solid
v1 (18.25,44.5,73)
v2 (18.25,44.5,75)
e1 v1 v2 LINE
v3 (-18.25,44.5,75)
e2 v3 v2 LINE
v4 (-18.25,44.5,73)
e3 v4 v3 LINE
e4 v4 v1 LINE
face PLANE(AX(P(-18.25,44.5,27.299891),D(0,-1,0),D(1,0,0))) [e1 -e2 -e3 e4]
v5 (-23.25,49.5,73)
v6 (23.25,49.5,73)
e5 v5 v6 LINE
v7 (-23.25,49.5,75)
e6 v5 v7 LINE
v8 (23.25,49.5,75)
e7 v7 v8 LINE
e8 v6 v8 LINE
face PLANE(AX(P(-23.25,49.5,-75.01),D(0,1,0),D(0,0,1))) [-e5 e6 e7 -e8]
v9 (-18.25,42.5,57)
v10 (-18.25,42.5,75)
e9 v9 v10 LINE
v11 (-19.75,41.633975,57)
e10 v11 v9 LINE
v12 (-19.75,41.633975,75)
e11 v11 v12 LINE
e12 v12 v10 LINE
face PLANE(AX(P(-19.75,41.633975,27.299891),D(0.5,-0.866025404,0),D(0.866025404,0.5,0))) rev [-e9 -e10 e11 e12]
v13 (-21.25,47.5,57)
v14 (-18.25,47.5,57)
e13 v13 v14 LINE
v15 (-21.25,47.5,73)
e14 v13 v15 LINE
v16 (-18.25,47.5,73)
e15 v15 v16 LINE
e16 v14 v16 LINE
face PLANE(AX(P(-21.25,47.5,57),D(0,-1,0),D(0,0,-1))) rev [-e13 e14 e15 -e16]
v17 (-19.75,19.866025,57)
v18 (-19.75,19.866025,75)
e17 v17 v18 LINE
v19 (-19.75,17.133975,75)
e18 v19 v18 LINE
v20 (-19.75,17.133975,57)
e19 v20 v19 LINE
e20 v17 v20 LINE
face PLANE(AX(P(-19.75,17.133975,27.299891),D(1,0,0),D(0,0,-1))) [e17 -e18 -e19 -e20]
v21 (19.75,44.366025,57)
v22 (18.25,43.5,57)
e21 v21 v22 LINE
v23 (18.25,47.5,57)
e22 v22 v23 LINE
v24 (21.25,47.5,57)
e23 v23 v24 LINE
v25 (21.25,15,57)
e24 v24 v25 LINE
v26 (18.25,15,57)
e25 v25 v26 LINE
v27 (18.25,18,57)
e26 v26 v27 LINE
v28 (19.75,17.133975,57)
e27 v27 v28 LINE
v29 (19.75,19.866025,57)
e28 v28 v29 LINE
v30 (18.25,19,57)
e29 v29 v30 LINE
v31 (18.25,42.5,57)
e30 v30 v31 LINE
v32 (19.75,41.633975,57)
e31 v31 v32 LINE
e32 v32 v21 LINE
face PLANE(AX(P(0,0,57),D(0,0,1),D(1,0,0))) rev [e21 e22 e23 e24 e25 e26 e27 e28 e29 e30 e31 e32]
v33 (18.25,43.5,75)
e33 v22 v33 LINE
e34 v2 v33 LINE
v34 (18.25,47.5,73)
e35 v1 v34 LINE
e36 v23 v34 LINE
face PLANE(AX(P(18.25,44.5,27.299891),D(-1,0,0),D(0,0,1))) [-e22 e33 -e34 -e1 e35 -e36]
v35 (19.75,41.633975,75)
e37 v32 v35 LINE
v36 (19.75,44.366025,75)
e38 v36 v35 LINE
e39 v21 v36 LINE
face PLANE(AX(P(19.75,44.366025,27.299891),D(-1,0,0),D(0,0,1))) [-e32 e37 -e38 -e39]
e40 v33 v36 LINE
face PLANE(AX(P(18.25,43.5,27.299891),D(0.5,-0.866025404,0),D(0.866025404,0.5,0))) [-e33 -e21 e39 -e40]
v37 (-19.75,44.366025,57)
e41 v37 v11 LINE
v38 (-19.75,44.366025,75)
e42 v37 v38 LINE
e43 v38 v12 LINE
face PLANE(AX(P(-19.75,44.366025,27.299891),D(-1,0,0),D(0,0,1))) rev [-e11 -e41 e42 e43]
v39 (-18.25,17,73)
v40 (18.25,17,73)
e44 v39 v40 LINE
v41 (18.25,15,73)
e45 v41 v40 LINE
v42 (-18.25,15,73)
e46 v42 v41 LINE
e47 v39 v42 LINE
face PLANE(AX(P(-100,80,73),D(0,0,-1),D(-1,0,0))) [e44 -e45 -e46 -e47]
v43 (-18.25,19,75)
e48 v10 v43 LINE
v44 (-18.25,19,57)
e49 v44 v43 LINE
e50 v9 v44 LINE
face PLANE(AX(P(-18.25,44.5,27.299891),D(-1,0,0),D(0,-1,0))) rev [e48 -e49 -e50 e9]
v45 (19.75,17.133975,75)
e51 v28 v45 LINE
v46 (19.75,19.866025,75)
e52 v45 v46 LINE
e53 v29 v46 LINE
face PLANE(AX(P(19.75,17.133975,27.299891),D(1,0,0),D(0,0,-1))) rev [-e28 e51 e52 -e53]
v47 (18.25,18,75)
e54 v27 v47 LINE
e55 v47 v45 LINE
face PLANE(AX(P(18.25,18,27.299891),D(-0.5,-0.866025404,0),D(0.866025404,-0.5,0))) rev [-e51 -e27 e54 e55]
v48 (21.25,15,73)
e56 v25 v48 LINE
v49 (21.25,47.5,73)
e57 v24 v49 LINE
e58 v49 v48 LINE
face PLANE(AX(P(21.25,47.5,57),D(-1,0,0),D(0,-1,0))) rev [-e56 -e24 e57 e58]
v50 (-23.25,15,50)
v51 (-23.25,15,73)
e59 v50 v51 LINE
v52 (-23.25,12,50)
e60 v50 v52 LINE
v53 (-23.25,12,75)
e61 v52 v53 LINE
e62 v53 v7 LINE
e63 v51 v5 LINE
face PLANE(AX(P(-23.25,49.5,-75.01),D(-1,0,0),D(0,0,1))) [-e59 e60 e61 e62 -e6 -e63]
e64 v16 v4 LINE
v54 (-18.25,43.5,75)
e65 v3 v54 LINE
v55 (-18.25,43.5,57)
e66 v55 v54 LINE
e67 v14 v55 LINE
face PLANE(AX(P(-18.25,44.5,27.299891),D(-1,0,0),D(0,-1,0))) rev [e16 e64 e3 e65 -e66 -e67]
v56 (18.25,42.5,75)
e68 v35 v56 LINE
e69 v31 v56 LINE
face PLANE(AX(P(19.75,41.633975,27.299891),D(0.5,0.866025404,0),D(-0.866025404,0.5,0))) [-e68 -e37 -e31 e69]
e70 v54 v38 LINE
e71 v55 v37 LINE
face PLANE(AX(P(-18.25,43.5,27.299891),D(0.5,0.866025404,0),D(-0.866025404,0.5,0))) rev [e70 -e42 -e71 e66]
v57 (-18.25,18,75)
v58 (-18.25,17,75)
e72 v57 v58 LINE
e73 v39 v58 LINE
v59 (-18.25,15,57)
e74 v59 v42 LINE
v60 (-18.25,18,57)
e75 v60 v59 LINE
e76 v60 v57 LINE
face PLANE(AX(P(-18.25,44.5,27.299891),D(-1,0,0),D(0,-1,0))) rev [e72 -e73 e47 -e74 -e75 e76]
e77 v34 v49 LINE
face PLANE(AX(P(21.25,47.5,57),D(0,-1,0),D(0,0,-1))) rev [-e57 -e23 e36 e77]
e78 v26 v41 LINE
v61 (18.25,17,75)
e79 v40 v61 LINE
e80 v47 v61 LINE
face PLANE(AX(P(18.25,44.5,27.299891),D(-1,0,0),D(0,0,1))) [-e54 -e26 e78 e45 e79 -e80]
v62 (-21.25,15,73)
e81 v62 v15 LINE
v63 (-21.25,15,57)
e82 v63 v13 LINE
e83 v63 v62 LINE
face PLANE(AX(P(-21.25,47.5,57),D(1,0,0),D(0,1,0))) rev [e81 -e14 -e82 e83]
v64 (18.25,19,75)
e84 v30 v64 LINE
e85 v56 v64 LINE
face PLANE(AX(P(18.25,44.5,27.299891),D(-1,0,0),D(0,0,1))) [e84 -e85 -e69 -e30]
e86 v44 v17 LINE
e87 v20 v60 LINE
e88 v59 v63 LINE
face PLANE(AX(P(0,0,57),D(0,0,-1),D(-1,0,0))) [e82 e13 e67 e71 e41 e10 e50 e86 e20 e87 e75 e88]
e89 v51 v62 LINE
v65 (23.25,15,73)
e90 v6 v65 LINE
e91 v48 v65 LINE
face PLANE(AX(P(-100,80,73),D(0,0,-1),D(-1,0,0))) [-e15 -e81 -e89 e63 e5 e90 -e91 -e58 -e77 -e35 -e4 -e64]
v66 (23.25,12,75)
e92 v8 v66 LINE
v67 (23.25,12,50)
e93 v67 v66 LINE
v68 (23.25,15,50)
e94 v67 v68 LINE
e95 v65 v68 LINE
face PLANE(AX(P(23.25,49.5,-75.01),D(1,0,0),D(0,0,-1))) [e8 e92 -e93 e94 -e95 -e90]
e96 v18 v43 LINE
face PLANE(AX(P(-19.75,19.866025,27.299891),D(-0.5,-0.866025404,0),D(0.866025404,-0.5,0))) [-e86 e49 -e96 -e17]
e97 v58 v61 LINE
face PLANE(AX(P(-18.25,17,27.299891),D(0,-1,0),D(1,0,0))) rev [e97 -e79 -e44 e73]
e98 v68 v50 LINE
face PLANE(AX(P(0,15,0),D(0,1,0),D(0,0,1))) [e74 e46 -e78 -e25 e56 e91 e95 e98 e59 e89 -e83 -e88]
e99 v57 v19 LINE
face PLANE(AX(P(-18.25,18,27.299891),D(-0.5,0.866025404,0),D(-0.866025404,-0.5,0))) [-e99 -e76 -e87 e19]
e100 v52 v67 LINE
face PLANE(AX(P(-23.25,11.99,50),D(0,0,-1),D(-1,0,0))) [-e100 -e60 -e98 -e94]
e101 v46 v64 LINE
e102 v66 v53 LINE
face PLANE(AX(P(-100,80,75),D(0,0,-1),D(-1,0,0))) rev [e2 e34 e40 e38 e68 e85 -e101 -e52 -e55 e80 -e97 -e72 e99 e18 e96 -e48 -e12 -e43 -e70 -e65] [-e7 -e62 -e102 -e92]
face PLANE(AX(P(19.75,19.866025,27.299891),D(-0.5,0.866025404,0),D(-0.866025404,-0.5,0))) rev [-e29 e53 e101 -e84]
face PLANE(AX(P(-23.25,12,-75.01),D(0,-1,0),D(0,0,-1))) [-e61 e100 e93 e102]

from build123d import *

# Parameters (mm, degrees)
SKETCH2_W                = 200
SKETCH2_H                = 150
BOSS_EXTRUDE1_DEPTH      = 80
FILLET1_R                = 10
SHELL1_T                 = -2
SHELL1_THICKNESS_2_DEPTH = 13
SKETCH5_W                = 36.5
SKETCH5_H                = 27.5
CUT_EXTRUDE1_DEPTH       = 2
BOSS_EXTRUDE2_DEPTH      = 16
SKETCH7_W                = 36.5
SKETCH7_H                = 27.5
CUT_EXTRUDE2_DEPTH       = 2
BOSS_EXTRUDE3_DEPTH      = 16
SKETCH10_W               = 36.5
SKETCH10_H               = 27.5
CUT_EXTRUDE4_DEPTH       = 2
BOSS_EXTRUDE4_DEPTH      = 16
SKETCH13_W               = 38
SKETCH13_H               = 19.1
CUT_EXTRUDE5_DEPTH       = 2
BOSS_EXTRUDE5_DEPTH      = 13.5
SKETCH15_W               = 10.5
SKETCH15_H               = 9.367949192
CUT_EXTRUDE6_DEPTH       = 3
CUT_EXTRUDE8_REACH       = 150.408
SKETCH20_R               = 8
SPLIT1_SURFACE_1_BACK    = 263.488
SPLIT1_SURFACE_1_DEPTH   = 526.976
SPLIT1_SURFACE_2_BACK    = 263.488
SPLIT1_SURFACE_2_DEPTH   = 526.976
SPLIT2_SURFACE_3_BACK    = 263.488
SPLIT2_SURFACE_3_DEPTH   = 526.976
SPLIT2_SURFACE_4_BACK    = 263.488
SPLIT2_SURFACE_4_DEPTH   = 526.976


with BuildPart() as part:
    # Sketch2 → Boss-Extrude1 (new body)
    with BuildSketch(Plane(origin=(0, 0, 0), x_dir=(1, 0, 0), z_dir=(0, 1, 0))):
        Rectangle(SKETCH2_W, SKETCH2_H)
    extrude(amount=BOSS_EXTRUDE1_DEPTH)

    # Fillet1
    fillet1_edges = [part.edges().sort_by_distance(p)[0] for p in [
        (100, 40, 75),
        (-100, 40, 75),
        (-100, 40, -75),
        (100, 40, -75),
    ]]
    fillet(fillet1_edges, radius=FILLET1_R)

    # Shell1
    shell1_openings = [part.faces().sort_by_distance(p)[0] for p in [
        (0, 80, 0),
    ]]
    offset(amount=SHELL1_T, openings=shell1_openings, kind=Kind.INTERSECTION)

    # Shell1 thickness 2 face (on inner face of the shell) → Shell1 thickness 2 (add)
    with BuildSketch(Plane(origin=(0, 2, 0), x_dir=(0, 0, -1), z_dir=(0, -1, 0))):
        with BuildLine():
            ThreePointArc((73, -90), (70.656854249, -95.656854249), (65, -98))
            Line((65, -98), (-65, -98))
            ThreePointArc((-65, -98), (-70.656854249, -95.656854249), (-73, -90))
            Line((-73, -90), (-73, 90))
            ThreePointArc((-73, 90), (-70.656854249, 95.656854249), (-65, 98))
            Line((-65, 98), (65, 98))
            ThreePointArc((65, 98), (70.656854249, 95.656854249), (73, 90))
            Line((73, 90), (73, -90))
        make_face()
    extrude(amount=-SHELL1_THICKNESS_2_DEPTH)

    # Sketch5 → Cut-Extrude1 (cut)
    with BuildSketch(Plane.XY.offset(75)):
        with Locations((0, 30.75)):
            Rectangle(SKETCH5_W, SKETCH5_H)
        Polygon((-18.25, 43.5), (-19.75, 44.366025404), (-19.75, 41.633974596), (-18.25, 42.5), align=None)
        Polygon((-19.75, 19.866025404), (-18.25, 19), (-18.25, 18), (-19.75, 17.133974596), align=None)
        Polygon((19.75, 17.133974596), (19.75, 19.866025404), (18.25, 19), (18.25, 18), align=None)
        Polygon((19.75, 41.633974596), (18.25, 42.5), (18.25, 43.5), (19.75, 44.366025404), align=None)
    extrude(amount=-CUT_EXTRUDE1_DEPTH, mode=Mode.SUBTRACT)

    # Sketch6 → Boss-Extrude2 (add)
    with BuildSketch(Plane(origin=(0, 0, 73), x_dir=(-1, 0, 0), z_dir=(0, 0, -1))):
        Polygon((18.25, 15), (21.25, 15), (21.25, 47.5), (18.25, 47.5), (18.25, 43.5), (19.75, 44.366025404), (19.75, 41.633974596), (18.25, 42.5), (18.25, 19), (19.75, 19.866025404), (19.75, 17.133974596), (18.25, 18), align=None)
        Polygon((-21.25, 47.5), (-21.25, 15), (-18.25, 15), (-18.25, 18), (-19.75, 17.133974596), (-19.75, 19.866025404), (-18.25, 19), (-18.25, 42.5), (-19.75, 41.633974596), (-19.75, 44.366025404), (-18.25, 43.5), (-18.25, 47.5), align=None)
    extrude(amount=BOSS_EXTRUDE2_DEPTH)

    # Sketch7 → Cut-Extrude2 (cut)
    with BuildSketch(Plane(origin=(100, 0, 0), x_dir=(0, 0, -1), z_dir=(1, 0, 0))):
        with Locations((0, 30.75)):
            Rectangle(SKETCH7_W, SKETCH7_H)
        Polygon((-18.25, 43.5), (-19.75, 44.366025404), (-19.75, 41.633974596), (-18.25, 42.5), align=None)
        Polygon((-19.75, 19.866025404), (-18.25, 19), (-18.25, 18), (-19.75, 17.133974596), align=None)
        Polygon((19.75, 17.133974596), (19.75, 19.866025404), (18.25, 19), (18.25, 18), align=None)
        Polygon((19.75, 41.633974596), (18.25, 42.5), (18.25, 43.5), (19.75, 44.366025404), align=None)
    extrude(amount=-CUT_EXTRUDE2_DEPTH, mode=Mode.SUBTRACT)

    # Sketch8 → Boss-Extrude3 (add)
    with BuildSketch(Plane.ZY.offset(-98)):
        Polygon((-21.25, 47.5), (-18.25, 47.5), (-18.25, 43.5), (-19.75, 44.366025404), (-19.75, 41.633974596), (-18.25, 42.5), (-18.25, 19), (-19.75, 19.866025404), (-19.75, 17.133974596), (-18.25, 18), (-18.25, 15), (-21.25, 15), align=None)
        Polygon((19.75, 44.366025404), (18.25, 43.5), (18.25, 47.5), (21.25, 47.5), (21.25, 15), (18.25, 15), (18.25, 18), (19.75, 17.133974596), (19.75, 19.866025404), (18.25, 19), (18.25, 42.5), (19.75, 41.633974596), align=None)
    extrude(amount=BOSS_EXTRUDE3_DEPTH)

    # Sketch10 → Cut-Extrude4 (cut)
    with BuildSketch(Plane.ZY.offset(100)):
        with Locations((0, 30.75)):
            Rectangle(SKETCH10_W, SKETCH10_H)
        Polygon((-18.25, 43.5), (-19.75, 44.366025404), (-19.75, 41.633974596), (-18.25, 42.5), align=None)
        Polygon((-19.75, 19.866025404), (-18.25, 19), (-18.25, 18), (-19.75, 17.133974596), align=None)
        Polygon((19.75, 17.133974596), (19.75, 19.866025404), (18.25, 19), (18.25, 18), align=None)
        Polygon((19.75, 41.633974596), (18.25, 42.5), (18.25, 43.5), (19.75, 44.366025404), align=None)
    extrude(amount=-CUT_EXTRUDE4_DEPTH, mode=Mode.SUBTRACT)

    # Sketch11 → Boss-Extrude4 (add)
    with BuildSketch(Plane(origin=(-98, 0, 0), x_dir=(0, 0, -1), z_dir=(1, 0, 0))):
        Polygon((-18.25, 47.5), (-21.25, 47.5), (-21.25, 15), (-18.25, 15), (-18.25, 18), (-19.75, 17.133974596), (-19.75, 19.866025404), (-18.25, 19), (-18.25, 42.5), (-19.75, 41.633974596), (-19.75, 44.366025404), (-18.25, 43.5), align=None)
        Polygon((19.75, 44.366025404), (18.25, 43.5), (18.25, 47.5), (21.25, 47.5), (21.25, 15), (18.25, 15), (18.25, 18), (19.75, 17.133974596), (19.75, 19.866025404), (18.25, 19), (18.25, 42.5), (19.75, 41.633974596), align=None)
    extrude(amount=BOSS_EXTRUDE4_DEPTH)

    # Sketch13 → Cut-Extrude5 (cut)
    with BuildSketch(Plane.XY.offset(75)):
        Polygon((41, 39.3), (39.5, 40.166025404), (39.5, 37.433974596), (41, 38.3), align=None)
        with Locations((60, 30.75)):
            Rectangle(SKETCH13_W, SKETCH13_H)
        Polygon((41, 22.2), (39.5, 21.333974596), (39.5, 24.066025404), (41, 23.2), align=None)
        Polygon((79, 22.2), (79, 23.2), (80.5, 24.066025404), (80.5, 21.333974596), align=None)
        Polygon((79, 39.3), (80.5, 40.166025404), (80.5, 37.433974596), (79, 38.3), align=None)
    extrude(amount=-CUT_EXTRUDE5_DEPTH, mode=Mode.SUBTRACT)

    # Sketch14 → Boss-Extrude5 (add)
    with BuildSketch(Plane(origin=(0, 0, 73), x_dir=(-1, 0, 0), z_dir=(0, 0, -1))):
        Polygon((-79, 43.3), (-82, 43.3), (-82, 15), (-79, 15), (-79, 22.2), (-80.5, 21.333974596), (-80.5, 24.066025404), (-79, 23.2), (-79, 38.3), (-80.5, 37.433974596), (-80.5, 40.166025404), (-79, 39.3), align=None)
        Polygon((-39.5, 40.166025404), (-41, 39.3), (-41, 43.3), (-38, 43.3), (-38, 15), (-41, 15), (-41, 22.2), (-39.5, 21.333974596), (-39.5, 24.066025404), (-41, 23.2), (-41, 38.3), (-39.5, 37.433974596), align=None)
    extrude(amount=BOSS_EXTRUDE5_DEPTH)

    # Sketch15 → Cut-Extrude6 (cut)
    with BuildSketch(Plane.ZY.offset(-38)):
        with Locations((66.75, 30.75)):
            Rectangle(SKETCH15_W, SKETCH15_H)
    extrude(amount=-CUT_EXTRUDE6_DEPTH, mode=Mode.SUBTRACT)

    # Sketch18 → Cut-Revolve1 (revolve, cut)
    with BuildSketch(Plane(origin=(0, 0, 0), x_dir=(0, 0, -1), z_dir=(1, 0, 0)), mode=Mode.PRIVATE) as cut_revolve1_sk:
        Polygon((-42.5, 0), (-70, 0), (-47.5, 10), (-42.5, 10), align=None)
    revolve(cut_revolve1_sk.sketch.rotate(Axis((0, 0, 0), (0, 1, 0)), 180), axis=Axis((0, 0, 0), (0, 1, 0)), mode=Mode.SUBTRACT)

    # Cut-Extrude8: up to this face of the body (flat: up to its plane)
    cut_extrude8_end = Plane(part.part.faces().sort_by_distance((-0.172388952, 15, -0.411685035))[0])
    # Sketch20 → Cut-Extrude8 (cut, up to the picked face)
    with BuildSketch(Plane.XZ, mode=Mode.PRIVATE) as cut_extrude8_sk1:
        with Locations(Location((0, -42.5, 0), (0, 0, 270))):
            Circle(SKETCH20_R)
    cut_extrude8_tool1 = split(extrude(cut_extrude8_sk1.sketch, amount=-CUT_EXTRUDE8_REACH, mode=Mode.PRIVATE), bisect_by=cut_extrude8_end, keep=Keep.BOTH, mode=Mode.PRIVATE)
    add(cut_extrude8_tool1.solids().sort_by(Axis((0, 0, -42.5), (0, 1, 0)))[0], mode=Mode.SUBTRACT)


with BuildPart() as body_2:
    # Split1: the piece behind the surface
    add(part.part)
    # Split1 surface: a surface, the sketch's curves swept straight by 526.976 mm
    with BuildLine(Plane.XY.offset(75).offset(-SPLIT1_SURFACE_1_BACK), mode=Mode.PRIVATE) as split1_surface_1_path:
        Line((-23.25, 49.5), (23.25, 49.5))
        Line((23.25, 49.5), (23.25, 12))
        Line((23.25, 12), (-23.25, 12))
        Line((-23.25, 12), (-23.25, 49.5))
    split1_surface_1 = Shell.extrude(split1_surface_1_path.wire(), (0 * SPLIT1_SURFACE_1_DEPTH, 0 * SPLIT1_SURFACE_1_DEPTH, 1 * SPLIT1_SURFACE_1_DEPTH))
    split(bisect_by=split1_surface_1, keep=Keep.BOTTOM)


with BuildPart() as part_1:
    add(part.part)

    # Split1: split by a surface, the side it looks to stays
    # Split1 surface: a surface, the sketch's curves swept straight by 526.976 mm
    with BuildLine(Plane.XY.offset(75).offset(-SPLIT1_SURFACE_2_BACK), mode=Mode.PRIVATE) as split1_surface_2_path:
        Line((-23.25, 49.5), (23.25, 49.5))
        Line((23.25, 49.5), (23.25, 12))
        Line((23.25, 12), (-23.25, 12))
        Line((-23.25, 12), (-23.25, 49.5))
    split1_surface_2 = Shell.extrude(split1_surface_2_path.wire(), (0 * SPLIT1_SURFACE_2_DEPTH, 0 * SPLIT1_SURFACE_2_DEPTH, 1 * SPLIT1_SURFACE_2_DEPTH))
    split(bisect_by=split1_surface_2, keep=Keep.TOP)


with BuildPart() as body_3:
    # Split2: the piece behind the surface
    add(body_2.part)
    # Split2 surface: a surface, the sketch's curves swept straight by 526.976 mm
    with BuildLine(Plane(origin=(0, 15, 0), x_dir=(1, 0, 0), z_dir=(0, 1, 0)).offset(-SPLIT2_SURFACE_3_BACK), mode=Mode.PRIVATE) as split2_surface_3_path:
        Line((-23.25, -75), (23.25, -75))
        Line((23.25, -75), (23.25, -50))
        Line((23.25, -50), (-23.25, -50))
        Line((-23.25, -50), (-23.25, -75))
    split2_surface_3 = Shell.extrude(split2_surface_3_path.wire(), (0 * SPLIT2_SURFACE_3_DEPTH, 1 * SPLIT2_SURFACE_3_DEPTH, 0 * SPLIT2_SURFACE_3_DEPTH))
    split(bisect_by=split2_surface_3, keep=Keep.BOTTOM)


with BuildPart() as body_2_1:
    add(body_2.part)

    # Split2: split by a surface, the side it looks to stays
    # Split2 surface: a surface, the sketch's curves swept straight by 526.976 mm
    with BuildLine(Plane(origin=(0, 15, 0), x_dir=(1, 0, 0), z_dir=(0, 1, 0)).offset(-SPLIT2_SURFACE_4_BACK), mode=Mode.PRIVATE) as split2_surface_4_path:
        Line((-23.25, -75), (23.25, -75))
        Line((23.25, -75), (23.25, -50))
        Line((23.25, -50), (-23.25, -50))
        Line((-23.25, -50), (-23.25, -75))
    split2_surface_4 = Shell.extrude(split2_surface_4_path.wire(), (0 * SPLIT2_SURFACE_4_DEPTH, 1 * SPLIT2_SURFACE_4_DEPTH, 0 * SPLIT2_SURFACE_4_DEPTH))
    split(bisect_by=split2_surface_4, keep=Keep.TOP)


solid = body_2_1.part
